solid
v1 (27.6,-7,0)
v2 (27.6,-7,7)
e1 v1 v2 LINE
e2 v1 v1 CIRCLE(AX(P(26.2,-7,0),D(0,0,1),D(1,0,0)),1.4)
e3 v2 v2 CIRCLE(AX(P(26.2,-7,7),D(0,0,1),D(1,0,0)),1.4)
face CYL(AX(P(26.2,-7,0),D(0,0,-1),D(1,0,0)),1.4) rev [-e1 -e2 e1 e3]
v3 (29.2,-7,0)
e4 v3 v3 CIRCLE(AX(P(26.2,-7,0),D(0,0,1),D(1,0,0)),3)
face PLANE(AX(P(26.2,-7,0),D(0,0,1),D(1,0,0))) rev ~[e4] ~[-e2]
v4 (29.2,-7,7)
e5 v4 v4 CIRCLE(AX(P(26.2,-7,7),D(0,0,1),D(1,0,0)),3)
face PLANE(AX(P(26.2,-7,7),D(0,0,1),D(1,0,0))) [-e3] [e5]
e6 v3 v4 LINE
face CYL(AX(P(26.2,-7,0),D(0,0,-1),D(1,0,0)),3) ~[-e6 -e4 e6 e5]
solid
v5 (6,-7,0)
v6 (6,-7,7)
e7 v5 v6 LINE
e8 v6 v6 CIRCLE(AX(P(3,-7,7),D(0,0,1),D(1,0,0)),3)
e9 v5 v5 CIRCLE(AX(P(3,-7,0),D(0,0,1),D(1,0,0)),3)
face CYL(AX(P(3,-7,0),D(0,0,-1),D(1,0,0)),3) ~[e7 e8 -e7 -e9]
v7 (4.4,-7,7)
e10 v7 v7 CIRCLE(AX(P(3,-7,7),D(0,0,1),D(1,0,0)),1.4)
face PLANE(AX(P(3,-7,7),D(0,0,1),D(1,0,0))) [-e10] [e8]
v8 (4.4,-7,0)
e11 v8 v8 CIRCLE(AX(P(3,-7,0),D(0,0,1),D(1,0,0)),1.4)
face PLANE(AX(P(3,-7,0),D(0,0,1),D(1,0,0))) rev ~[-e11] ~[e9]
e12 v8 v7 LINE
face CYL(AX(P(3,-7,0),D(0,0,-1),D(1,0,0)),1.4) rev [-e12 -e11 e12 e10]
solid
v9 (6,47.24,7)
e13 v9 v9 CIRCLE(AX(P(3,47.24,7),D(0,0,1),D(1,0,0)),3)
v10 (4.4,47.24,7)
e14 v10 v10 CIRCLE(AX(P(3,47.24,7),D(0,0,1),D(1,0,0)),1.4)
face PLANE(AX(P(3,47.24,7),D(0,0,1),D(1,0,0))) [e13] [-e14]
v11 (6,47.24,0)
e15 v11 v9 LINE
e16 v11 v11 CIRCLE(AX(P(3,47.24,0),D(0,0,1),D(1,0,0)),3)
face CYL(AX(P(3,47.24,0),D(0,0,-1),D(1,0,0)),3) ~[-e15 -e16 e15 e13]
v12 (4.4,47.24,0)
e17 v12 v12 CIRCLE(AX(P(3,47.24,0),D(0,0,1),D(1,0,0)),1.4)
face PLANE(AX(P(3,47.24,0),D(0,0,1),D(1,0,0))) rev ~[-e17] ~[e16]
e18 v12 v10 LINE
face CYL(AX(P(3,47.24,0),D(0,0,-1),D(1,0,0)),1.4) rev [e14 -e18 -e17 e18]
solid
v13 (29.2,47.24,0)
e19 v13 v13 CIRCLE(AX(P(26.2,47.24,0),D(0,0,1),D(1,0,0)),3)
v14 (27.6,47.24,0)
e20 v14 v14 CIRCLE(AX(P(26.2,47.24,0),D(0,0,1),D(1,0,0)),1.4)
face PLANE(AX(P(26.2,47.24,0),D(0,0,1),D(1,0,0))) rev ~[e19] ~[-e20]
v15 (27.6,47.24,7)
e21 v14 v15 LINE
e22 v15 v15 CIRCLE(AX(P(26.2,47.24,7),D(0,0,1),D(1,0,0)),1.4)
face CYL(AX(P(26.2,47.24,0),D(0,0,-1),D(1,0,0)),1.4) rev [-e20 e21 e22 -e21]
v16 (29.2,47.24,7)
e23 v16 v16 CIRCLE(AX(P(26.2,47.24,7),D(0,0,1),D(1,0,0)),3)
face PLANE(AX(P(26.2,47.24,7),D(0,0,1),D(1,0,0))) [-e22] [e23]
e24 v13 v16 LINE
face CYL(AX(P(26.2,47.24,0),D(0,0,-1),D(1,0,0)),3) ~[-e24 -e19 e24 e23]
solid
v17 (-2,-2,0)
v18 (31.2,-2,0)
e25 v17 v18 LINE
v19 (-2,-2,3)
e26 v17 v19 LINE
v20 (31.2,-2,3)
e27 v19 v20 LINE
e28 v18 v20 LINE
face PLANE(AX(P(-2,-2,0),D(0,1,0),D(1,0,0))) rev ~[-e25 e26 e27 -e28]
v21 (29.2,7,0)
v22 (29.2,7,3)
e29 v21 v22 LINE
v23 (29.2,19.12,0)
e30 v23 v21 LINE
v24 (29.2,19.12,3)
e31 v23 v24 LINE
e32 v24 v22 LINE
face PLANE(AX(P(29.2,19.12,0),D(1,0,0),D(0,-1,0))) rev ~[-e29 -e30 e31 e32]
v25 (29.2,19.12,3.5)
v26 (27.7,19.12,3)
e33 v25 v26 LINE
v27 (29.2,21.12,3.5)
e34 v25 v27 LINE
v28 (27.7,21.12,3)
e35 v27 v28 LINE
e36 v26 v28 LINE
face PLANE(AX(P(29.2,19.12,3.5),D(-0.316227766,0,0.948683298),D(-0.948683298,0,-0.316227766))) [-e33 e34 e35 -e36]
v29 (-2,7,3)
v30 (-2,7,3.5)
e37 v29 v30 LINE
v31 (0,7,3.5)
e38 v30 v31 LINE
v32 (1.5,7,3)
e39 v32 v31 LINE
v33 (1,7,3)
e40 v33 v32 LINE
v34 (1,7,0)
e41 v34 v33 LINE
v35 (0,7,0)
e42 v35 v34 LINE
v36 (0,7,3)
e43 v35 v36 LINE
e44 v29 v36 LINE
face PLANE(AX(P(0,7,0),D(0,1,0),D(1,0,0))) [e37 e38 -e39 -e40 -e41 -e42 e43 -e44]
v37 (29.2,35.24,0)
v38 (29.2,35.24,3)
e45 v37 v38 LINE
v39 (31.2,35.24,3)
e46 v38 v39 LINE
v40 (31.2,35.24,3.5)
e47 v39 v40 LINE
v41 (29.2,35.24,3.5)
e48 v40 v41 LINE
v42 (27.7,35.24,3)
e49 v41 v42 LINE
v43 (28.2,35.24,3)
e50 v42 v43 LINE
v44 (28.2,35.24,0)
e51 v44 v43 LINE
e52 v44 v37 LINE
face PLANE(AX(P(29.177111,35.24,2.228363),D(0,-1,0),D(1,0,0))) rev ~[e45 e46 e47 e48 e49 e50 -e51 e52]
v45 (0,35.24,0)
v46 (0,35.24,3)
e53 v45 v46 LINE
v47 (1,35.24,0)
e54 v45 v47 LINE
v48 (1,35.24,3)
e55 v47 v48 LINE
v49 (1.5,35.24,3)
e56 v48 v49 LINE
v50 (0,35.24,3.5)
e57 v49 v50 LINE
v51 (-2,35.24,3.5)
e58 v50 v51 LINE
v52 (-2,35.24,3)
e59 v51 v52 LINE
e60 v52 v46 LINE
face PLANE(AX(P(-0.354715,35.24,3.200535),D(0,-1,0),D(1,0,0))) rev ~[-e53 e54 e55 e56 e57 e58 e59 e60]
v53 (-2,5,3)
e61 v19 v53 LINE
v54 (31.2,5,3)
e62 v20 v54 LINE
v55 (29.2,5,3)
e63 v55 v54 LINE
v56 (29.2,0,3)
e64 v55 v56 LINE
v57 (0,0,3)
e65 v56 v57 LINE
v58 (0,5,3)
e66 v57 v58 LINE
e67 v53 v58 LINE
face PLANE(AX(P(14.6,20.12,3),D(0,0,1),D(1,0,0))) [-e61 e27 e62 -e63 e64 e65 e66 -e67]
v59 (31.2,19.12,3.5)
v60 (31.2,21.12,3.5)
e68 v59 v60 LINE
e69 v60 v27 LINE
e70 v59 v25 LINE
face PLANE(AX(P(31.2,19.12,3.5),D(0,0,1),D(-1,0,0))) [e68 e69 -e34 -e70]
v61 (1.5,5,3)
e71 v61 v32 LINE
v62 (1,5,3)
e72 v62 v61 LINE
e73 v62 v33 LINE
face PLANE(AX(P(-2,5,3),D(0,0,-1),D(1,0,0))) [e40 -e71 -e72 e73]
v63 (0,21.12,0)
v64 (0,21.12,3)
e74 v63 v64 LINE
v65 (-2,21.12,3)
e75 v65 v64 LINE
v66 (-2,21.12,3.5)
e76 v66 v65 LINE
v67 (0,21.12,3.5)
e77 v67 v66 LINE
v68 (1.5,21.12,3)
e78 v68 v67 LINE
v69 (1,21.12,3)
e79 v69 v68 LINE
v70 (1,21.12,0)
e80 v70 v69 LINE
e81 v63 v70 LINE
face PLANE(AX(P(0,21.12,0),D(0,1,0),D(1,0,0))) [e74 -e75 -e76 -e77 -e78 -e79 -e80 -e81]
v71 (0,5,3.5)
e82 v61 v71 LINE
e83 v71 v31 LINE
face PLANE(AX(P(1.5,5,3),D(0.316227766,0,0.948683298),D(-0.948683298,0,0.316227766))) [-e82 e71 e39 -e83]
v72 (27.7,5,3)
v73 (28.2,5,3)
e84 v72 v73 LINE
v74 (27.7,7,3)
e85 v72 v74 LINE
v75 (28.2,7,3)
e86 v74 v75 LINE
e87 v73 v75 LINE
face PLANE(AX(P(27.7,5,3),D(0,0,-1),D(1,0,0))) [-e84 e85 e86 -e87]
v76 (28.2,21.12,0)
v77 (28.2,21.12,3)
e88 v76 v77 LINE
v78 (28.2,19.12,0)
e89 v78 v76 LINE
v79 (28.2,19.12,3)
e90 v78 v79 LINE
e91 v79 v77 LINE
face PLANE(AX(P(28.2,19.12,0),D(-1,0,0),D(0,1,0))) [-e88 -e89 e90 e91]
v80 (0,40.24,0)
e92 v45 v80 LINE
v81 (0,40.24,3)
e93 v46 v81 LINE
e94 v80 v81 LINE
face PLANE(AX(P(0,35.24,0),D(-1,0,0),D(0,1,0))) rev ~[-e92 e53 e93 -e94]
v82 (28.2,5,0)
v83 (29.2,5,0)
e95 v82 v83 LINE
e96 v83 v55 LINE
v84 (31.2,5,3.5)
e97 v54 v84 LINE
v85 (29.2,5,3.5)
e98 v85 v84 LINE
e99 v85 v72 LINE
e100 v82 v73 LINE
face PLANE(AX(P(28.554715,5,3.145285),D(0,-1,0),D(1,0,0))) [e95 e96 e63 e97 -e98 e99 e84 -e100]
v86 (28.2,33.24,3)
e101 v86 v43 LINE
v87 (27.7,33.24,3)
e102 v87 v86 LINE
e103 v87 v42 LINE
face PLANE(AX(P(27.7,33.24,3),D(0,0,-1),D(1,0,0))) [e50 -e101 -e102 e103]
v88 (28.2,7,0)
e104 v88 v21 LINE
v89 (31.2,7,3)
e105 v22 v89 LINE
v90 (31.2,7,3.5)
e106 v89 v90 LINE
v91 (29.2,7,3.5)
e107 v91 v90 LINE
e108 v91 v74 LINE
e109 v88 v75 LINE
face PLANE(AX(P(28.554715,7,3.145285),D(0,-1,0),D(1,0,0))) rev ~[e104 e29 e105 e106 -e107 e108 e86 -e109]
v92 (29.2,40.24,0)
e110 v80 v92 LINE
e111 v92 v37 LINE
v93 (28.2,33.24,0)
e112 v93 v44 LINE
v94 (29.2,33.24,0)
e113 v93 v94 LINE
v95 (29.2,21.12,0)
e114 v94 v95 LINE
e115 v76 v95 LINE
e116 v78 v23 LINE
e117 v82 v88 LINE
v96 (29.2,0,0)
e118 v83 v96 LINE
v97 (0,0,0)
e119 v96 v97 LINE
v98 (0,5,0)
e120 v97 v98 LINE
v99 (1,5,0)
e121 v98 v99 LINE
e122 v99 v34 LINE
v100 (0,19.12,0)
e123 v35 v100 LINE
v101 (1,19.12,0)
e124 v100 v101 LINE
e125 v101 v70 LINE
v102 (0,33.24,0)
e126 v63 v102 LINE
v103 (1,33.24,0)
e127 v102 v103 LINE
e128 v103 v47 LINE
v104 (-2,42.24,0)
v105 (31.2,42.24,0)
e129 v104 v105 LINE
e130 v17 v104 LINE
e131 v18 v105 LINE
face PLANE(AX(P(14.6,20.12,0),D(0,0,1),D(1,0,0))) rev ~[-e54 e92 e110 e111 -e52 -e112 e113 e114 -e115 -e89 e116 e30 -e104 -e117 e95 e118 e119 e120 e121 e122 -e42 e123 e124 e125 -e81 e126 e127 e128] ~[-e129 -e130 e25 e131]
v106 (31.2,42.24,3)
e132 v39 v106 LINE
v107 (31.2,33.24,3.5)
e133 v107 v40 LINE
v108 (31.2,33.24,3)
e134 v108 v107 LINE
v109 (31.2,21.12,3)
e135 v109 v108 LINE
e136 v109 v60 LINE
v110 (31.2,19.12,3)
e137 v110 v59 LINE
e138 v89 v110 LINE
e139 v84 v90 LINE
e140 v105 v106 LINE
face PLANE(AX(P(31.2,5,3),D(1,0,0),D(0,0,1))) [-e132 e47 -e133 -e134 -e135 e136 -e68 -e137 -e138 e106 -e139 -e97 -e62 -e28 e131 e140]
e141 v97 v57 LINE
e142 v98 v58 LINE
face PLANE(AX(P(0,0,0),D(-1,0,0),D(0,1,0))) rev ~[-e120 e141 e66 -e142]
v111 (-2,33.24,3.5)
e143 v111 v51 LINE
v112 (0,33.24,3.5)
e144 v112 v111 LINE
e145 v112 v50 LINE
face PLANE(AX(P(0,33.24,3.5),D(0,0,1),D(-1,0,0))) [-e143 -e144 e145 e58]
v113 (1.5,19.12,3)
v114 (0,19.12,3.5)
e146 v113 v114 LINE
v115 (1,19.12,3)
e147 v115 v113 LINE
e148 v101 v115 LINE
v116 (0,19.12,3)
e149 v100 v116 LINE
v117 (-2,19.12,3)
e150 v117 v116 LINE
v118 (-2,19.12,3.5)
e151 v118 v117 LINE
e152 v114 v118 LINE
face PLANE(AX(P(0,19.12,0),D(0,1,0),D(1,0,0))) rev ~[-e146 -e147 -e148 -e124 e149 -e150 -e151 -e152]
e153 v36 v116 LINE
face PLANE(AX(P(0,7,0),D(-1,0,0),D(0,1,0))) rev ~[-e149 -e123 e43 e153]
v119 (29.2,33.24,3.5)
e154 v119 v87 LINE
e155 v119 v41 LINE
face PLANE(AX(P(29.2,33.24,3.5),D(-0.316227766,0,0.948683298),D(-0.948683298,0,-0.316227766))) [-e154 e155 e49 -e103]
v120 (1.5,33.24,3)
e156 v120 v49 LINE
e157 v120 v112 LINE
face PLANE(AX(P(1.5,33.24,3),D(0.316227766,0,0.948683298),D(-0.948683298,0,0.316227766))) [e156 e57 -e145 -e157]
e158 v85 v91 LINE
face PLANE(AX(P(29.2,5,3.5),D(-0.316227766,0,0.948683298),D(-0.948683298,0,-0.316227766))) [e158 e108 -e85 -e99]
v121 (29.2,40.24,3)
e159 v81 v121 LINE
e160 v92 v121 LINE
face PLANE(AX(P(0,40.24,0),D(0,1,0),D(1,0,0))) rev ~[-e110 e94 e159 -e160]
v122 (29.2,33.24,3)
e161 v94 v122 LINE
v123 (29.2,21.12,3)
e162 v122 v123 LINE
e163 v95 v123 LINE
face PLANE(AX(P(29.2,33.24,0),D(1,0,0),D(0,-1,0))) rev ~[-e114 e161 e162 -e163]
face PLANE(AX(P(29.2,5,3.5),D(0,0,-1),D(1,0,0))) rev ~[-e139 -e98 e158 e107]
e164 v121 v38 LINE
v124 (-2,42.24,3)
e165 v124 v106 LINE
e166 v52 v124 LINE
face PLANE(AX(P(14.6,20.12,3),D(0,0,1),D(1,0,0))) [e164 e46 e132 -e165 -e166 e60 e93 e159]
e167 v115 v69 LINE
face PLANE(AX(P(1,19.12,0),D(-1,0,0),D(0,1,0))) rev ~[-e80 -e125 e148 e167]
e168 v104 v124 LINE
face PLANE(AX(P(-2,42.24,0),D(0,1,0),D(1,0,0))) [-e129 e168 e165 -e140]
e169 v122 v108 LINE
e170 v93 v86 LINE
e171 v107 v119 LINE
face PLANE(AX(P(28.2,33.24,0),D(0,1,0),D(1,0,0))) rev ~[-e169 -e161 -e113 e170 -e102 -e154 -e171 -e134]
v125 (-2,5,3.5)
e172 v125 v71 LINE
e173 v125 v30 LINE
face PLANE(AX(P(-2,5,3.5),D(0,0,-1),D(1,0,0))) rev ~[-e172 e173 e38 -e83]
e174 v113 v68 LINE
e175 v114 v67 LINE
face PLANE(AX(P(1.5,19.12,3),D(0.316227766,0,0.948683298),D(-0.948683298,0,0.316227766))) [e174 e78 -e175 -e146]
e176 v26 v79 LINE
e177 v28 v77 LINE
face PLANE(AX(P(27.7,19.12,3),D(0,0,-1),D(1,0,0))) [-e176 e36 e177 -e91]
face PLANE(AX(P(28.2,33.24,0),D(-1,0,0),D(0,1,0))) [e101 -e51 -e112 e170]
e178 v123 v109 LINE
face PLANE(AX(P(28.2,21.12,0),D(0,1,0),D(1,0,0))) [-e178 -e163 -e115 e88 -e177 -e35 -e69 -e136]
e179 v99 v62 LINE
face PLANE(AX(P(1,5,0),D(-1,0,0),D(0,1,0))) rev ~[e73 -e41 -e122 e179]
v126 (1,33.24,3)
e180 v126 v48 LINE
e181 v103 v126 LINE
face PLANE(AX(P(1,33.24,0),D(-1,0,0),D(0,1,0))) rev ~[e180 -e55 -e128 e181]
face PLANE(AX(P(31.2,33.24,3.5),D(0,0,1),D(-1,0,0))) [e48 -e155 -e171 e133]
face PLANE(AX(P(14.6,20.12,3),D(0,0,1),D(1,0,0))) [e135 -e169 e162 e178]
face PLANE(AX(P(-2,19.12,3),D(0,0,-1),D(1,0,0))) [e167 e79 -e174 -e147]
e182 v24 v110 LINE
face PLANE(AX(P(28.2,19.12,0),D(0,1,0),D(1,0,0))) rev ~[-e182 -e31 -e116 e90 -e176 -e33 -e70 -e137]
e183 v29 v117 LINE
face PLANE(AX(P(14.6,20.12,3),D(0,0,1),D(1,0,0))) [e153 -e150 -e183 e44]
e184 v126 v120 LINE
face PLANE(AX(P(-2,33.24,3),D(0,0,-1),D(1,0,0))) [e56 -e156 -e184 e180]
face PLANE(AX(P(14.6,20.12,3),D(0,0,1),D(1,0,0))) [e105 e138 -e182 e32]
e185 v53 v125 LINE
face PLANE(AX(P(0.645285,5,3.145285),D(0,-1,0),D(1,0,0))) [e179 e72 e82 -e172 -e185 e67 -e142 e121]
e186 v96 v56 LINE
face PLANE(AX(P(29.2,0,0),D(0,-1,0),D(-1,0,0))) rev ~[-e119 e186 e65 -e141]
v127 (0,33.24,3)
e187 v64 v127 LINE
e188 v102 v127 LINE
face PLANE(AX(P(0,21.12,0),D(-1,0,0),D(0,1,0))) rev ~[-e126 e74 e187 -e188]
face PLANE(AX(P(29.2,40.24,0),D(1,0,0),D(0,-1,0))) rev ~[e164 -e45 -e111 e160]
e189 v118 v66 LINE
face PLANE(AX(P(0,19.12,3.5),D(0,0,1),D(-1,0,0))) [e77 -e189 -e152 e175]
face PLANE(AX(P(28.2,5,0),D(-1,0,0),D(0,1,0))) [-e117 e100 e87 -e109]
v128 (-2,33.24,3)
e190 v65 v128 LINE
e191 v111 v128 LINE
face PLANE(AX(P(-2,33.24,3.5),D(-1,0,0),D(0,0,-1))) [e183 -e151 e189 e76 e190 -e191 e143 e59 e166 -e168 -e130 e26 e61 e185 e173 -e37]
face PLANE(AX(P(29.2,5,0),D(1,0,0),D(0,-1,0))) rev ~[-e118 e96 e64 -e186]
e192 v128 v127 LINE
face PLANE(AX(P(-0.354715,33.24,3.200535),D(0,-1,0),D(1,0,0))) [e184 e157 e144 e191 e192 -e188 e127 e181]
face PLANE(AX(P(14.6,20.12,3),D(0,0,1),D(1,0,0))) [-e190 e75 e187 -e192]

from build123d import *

# Parameters (mm, degrees)
F0_W     = 33.2
F0_H     = 44.24
F0_W_2   = 1
F0_H_2   = 2
F1_DEPTH = 3
F2_W     = 2
F2_H     = 0.5
F3_DEPTH = 2
F5_DEPTH = 2
F7_DEPTH = 2
F8_R     = 3
F8_R_2   = 1.4
F9_DEPTH = 7


with BuildPart() as f1:
    # F0 (on Top) → F1 (new body)
    with BuildSketch(Plane.XY):
        with Locations((14.6, 20.12)):
            Rectangle(F0_W, F0_H)
        Polygon((29.2, 0), (0, 0), (0, 5), (0, 7), (0, 19.12), (0, 21.12), (0, 33.24), (0, 35.24), (0, 40.24), (29.2, 40.24), (29.2, 35.24), (29.2, 33.24), (29.2, 21.12), (29.2, 19.12), (29.2, 7), (29.2, 5), align=None, mode=Mode.SUBTRACT)
        with Locations((0.5, 34.24)):
            Rectangle(F0_W_2, F0_H_2)
        with Locations((0.5, 20.12)):
            Rectangle(F0_W_2, F0_H_2)
        with Locations((0.5, 6)):
            Rectangle(F0_W_2, F0_H_2)
        with Locations((28.7, 6)):
            Rectangle(F0_W_2, F0_H_2)
        with Locations((28.7, 20.12)):
            Rectangle(F0_W_2, F0_H_2)
        with Locations((28.7, 34.24)):
            Rectangle(F0_W_2, F0_H_2)
    extrude(amount=F1_DEPTH)

    # F2 (on face) → F3 (join, through all)
    with BuildSketch(Plane.XZ.offset(-5)):
        Polygon((27.7, 3), (28.2, 3), (29.2, 3), (29.2, 3.5), align=None)
        with Locations((30.2, 3.25)):
            Rectangle(F2_W, F2_H)
        Polygon((1, 3), (1.5, 3), (0, 3.5), (0, 3), align=None)
        with Locations((-1, 3.25)):
            Rectangle(F2_W, F2_H)
    extrude(amount=-F3_DEPTH)

    # F4 (on face) → F5 (join, through all)
    with BuildSketch(Plane.XZ.offset(-19.12)):
        Polygon((28.2, 3), (28.2, 0), (29.2, 0), (29.2, 3), (31.2, 3), (31.2, 3.5), (29.2, 3.5), (27.7, 3), align=None)
        Polygon((-2, 3), (0, 3), (1, 3), (1.5, 3), (0, 3.5), (-2, 3.5), align=None)
    extrude(amount=-F5_DEPTH)

    # F6 (on face) → F7 (join, through all)
    with BuildSketch(Plane.XZ.offset(-33.24)):
        Polygon((-2, 3), (0, 3), (1, 3), (1.5, 3), (0, 3.5), (-2, 3.5), align=None)
        Polygon((28.2, 3), (28.2, 0), (29.2, 0), (29.2, 3), (31.2, 3), (31.2, 3.5), (29.2, 3.5), (27.7, 3), align=None)
    extrude(amount=-F7_DEPTH)


with BuildPart() as f9:
    # F8 (on Top) → F9 (new body)
    with BuildSketch(Plane.XY):
        with Locations((3, 47.24)):
            Circle(F8_R)
        with Locations((3, 47.24)):
            Circle(F8_R_2, mode=Mode.SUBTRACT)
    extrude(amount=F9_DEPTH)


with BuildPart() as f9b:
    # F8 (on Top) → F9, piece 2 (new body)
    with BuildSketch(Plane.XY):
        with Locations((26.2, 47.24)):
            Circle(F8_R)
        with Locations((26.2, 47.24)):
            Circle(F8_R_2, mode=Mode.SUBTRACT)
    extrude(amount=F9_DEPTH)


with BuildPart() as f9c:
    # F8 (on Top) → F9, piece 3 (new body)
    with BuildSketch(Plane.XY):
        with Locations((3, -7)):
            Circle(F8_R)
        with Locations((3, -7)):
            Circle(F8_R_2, mode=Mode.SUBTRACT)
    extrude(amount=F9_DEPTH)


with BuildPart() as f9d:
    # F8 (on Top) → F9, piece 4 (new body)
    with BuildSketch(Plane.XY):
        with Locations((26.2, -7)):
            Circle(F8_R)
        with Locations((26.2, -7)):
            Circle(F8_R_2, mode=Mode.SUBTRACT)
    extrude(amount=F9_DEPTH)


solid = Compound([f1.part, f9.part, f9b.part, f9c.part, f9d.part])
